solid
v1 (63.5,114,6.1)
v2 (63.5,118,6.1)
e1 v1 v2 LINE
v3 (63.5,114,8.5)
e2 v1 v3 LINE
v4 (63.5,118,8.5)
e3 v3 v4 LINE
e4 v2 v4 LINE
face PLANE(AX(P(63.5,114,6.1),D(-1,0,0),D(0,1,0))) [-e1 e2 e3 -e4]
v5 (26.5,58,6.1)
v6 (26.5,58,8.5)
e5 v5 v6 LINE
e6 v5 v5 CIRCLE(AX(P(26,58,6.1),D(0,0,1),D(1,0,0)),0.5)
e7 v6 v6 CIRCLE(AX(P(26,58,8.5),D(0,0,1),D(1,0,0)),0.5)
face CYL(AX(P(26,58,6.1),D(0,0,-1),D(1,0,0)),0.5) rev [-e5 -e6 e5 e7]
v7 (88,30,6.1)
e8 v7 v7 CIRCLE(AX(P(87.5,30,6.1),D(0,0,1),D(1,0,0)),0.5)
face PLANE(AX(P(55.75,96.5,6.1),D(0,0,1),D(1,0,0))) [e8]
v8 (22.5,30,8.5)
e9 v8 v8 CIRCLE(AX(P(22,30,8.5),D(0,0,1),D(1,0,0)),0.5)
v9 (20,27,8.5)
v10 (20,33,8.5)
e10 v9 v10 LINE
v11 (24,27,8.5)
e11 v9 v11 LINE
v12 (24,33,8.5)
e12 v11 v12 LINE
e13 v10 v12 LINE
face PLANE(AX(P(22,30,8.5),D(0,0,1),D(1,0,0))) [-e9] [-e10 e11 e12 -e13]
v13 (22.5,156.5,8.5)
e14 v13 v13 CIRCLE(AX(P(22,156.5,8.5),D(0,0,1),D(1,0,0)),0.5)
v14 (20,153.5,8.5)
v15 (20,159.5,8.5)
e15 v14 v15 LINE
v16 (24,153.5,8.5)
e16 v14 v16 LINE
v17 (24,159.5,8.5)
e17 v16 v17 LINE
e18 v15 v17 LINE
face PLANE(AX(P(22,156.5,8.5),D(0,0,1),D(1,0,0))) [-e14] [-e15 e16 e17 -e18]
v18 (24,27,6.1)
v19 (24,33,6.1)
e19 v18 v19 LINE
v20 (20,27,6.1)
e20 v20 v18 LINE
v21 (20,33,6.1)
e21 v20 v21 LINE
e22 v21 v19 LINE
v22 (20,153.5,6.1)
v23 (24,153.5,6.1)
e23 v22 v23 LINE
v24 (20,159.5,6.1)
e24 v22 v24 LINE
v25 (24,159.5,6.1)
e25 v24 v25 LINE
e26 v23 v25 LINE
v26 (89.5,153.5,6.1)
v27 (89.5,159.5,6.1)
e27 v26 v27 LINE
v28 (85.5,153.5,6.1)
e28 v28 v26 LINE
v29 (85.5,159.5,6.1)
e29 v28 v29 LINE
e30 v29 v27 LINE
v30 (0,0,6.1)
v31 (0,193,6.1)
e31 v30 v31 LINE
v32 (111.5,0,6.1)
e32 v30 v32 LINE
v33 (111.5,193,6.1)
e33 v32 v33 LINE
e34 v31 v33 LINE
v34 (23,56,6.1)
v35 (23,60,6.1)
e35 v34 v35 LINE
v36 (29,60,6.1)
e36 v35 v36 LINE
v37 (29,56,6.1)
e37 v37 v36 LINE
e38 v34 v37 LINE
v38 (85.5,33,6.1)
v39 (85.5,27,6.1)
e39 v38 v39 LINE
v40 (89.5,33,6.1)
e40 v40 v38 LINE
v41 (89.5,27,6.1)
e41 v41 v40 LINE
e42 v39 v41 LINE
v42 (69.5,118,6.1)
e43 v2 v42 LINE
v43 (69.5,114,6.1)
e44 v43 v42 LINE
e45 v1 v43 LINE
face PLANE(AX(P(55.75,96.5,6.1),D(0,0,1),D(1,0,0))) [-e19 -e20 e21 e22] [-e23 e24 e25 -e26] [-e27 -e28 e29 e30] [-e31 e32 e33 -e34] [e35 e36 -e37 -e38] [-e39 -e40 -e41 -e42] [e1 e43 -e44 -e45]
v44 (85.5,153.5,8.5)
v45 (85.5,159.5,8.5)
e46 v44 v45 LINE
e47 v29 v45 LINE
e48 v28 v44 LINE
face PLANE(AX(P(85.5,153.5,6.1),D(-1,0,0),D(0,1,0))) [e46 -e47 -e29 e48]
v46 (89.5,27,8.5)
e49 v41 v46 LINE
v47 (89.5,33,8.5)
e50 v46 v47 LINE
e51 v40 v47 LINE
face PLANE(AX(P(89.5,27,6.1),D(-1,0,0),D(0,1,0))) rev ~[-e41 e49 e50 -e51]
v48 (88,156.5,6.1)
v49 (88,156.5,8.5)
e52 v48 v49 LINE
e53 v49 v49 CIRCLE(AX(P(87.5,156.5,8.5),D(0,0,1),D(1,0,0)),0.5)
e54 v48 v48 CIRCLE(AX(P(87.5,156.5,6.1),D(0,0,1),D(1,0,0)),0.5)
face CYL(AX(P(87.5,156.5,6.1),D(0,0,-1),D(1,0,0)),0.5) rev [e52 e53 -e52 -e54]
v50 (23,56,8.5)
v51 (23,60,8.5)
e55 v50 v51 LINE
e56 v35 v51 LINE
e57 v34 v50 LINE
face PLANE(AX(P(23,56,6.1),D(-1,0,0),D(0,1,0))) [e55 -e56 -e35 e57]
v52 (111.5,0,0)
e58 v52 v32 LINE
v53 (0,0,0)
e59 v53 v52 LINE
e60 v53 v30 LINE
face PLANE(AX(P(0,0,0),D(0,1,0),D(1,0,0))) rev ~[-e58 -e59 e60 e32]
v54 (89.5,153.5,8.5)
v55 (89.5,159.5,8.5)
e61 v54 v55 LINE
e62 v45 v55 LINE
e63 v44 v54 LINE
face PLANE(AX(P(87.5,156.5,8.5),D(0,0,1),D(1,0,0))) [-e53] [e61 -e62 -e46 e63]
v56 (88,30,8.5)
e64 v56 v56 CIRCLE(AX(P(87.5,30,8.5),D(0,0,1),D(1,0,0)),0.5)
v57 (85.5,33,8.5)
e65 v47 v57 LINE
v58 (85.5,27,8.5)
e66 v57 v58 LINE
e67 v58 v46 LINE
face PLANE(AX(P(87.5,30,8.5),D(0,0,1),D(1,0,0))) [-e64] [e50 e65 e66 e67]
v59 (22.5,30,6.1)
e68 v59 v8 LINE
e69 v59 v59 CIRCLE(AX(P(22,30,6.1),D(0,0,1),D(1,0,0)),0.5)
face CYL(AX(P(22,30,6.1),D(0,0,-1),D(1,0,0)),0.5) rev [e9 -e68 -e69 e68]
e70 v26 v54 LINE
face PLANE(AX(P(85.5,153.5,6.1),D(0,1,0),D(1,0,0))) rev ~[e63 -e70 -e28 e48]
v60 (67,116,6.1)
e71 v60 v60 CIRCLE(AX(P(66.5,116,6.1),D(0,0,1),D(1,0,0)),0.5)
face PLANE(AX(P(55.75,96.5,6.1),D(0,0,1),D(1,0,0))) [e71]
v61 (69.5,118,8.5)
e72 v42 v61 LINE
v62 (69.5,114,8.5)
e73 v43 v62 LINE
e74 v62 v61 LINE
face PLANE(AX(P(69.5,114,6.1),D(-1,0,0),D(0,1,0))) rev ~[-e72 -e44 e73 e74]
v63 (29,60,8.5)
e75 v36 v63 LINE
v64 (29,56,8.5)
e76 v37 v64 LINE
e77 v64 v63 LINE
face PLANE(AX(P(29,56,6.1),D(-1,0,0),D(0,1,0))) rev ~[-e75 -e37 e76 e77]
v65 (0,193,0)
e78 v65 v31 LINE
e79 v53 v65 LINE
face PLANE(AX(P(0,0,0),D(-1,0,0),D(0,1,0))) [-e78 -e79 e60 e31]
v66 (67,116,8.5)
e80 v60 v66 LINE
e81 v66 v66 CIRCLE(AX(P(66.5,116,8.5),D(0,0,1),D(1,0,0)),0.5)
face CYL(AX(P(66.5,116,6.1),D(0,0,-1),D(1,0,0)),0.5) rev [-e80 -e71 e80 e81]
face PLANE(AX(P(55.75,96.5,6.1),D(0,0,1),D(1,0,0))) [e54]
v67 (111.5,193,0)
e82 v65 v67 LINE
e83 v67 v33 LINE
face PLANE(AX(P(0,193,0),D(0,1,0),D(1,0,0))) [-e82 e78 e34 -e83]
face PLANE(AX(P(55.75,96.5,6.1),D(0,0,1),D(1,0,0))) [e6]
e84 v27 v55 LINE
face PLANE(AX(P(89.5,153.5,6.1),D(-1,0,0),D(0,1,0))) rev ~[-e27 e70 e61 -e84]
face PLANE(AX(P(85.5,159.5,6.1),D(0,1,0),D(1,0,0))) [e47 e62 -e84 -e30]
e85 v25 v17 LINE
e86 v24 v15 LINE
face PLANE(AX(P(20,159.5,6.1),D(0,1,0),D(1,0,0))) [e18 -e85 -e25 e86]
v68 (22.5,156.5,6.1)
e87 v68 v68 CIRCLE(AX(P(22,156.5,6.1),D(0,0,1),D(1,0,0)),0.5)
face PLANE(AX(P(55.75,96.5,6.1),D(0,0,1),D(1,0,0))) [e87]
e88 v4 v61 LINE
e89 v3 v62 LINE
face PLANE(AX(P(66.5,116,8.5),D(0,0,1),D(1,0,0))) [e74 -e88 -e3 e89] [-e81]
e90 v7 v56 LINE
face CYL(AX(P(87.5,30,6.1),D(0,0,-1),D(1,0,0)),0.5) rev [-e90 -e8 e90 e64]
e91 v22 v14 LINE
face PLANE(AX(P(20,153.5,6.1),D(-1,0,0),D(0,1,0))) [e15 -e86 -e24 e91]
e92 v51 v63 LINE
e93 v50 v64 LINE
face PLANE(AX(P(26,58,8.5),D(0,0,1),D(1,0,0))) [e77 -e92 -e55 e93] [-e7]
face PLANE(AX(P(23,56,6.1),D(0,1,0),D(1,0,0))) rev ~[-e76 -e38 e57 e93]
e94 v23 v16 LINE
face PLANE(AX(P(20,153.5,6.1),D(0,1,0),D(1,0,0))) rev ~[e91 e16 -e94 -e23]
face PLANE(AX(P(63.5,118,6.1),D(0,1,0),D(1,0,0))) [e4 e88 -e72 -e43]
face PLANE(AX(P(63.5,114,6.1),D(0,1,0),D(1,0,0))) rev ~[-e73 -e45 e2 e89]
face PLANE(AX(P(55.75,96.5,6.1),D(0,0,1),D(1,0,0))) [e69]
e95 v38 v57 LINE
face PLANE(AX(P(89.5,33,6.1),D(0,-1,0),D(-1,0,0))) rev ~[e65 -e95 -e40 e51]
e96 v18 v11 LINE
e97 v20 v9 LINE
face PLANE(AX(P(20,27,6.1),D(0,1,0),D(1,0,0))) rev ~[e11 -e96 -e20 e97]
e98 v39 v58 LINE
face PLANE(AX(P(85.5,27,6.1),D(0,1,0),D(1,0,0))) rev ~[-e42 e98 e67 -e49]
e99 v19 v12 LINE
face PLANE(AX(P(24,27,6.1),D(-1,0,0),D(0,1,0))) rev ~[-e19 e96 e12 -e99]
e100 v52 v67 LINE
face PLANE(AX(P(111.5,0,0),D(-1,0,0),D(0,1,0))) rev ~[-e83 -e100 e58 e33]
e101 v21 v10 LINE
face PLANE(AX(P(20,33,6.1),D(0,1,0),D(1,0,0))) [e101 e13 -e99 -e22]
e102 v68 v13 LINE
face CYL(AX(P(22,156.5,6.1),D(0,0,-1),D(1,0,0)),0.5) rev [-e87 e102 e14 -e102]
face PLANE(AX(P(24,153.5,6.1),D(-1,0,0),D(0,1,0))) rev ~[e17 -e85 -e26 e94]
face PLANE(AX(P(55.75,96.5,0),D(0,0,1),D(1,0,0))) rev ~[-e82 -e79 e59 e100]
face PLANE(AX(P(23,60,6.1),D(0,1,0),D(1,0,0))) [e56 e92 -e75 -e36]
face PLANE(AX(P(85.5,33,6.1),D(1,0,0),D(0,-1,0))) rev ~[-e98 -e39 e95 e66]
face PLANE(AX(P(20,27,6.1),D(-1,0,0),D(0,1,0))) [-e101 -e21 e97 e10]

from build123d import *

# Parameters (mm, degrees)
SKETCH1_W           = 111.5
SKETCH1_H           = 193
BOSS_EXTRUDE1_DEPTH = 6.1
SKETCH2_W           = 4
SKETCH2_H           = 6
SKETCH2_R           = 0.5
SKETCH2_W_2         = 6
SKETCH2_H_2         = 4
BOSS_EXTRUDE2_DEPTH = 2.4


with BuildPart() as part:
    # Sketch1 → Boss-Extrude1 (new body)
    with BuildSketch(Plane.XY):
        with Locations((55.75, 96.5)):
            Rectangle(SKETCH1_W, SKETCH1_H)
    extrude(amount=BOSS_EXTRUDE1_DEPTH)

    # Sketch2 → Boss-Extrude2 (add)
    with BuildSketch(Plane.XY.offset(6.1)):
        with Locations((22, 156.5)):
            Rectangle(SKETCH2_W, SKETCH2_H)
        with Locations((22, 156.5)):
            Circle(SKETCH2_R, mode=Mode.SUBTRACT)
        Polygon((87.5, 33), (85.5, 33), (85.5, 27), (89.5, 27), (89.5, 33), align=None)
        with Locations((87.5, 30)):
            Circle(SKETCH2_R, mode=Mode.SUBTRACT)
        with Locations((22, 30)):
            Rectangle(SKETCH2_W, SKETCH2_H)
        with Locations((22, 30)):
            Circle(SKETCH2_R, mode=Mode.SUBTRACT)
        with Locations((87.5, 156.5)):
            Rectangle(SKETCH2_W, SKETCH2_H)
        with Locations((87.5, 156.5)):
            Circle(SKETCH2_R, mode=Mode.SUBTRACT)
        with Locations((26, 58)):
            Rectangle(SKETCH2_W_2, SKETCH2_H_2)
        with Locations((26, 58)):
            Circle(SKETCH2_R, mode=Mode.SUBTRACT)
        with Locations((66.5, 116)):
            Rectangle(SKETCH2_W_2, SKETCH2_H_2)
        with Locations((66.5, 116)):
            Circle(SKETCH2_R, mode=Mode.SUBTRACT)
    extrude(amount=BOSS_EXTRUDE2_DEPTH)


solid = part.part
